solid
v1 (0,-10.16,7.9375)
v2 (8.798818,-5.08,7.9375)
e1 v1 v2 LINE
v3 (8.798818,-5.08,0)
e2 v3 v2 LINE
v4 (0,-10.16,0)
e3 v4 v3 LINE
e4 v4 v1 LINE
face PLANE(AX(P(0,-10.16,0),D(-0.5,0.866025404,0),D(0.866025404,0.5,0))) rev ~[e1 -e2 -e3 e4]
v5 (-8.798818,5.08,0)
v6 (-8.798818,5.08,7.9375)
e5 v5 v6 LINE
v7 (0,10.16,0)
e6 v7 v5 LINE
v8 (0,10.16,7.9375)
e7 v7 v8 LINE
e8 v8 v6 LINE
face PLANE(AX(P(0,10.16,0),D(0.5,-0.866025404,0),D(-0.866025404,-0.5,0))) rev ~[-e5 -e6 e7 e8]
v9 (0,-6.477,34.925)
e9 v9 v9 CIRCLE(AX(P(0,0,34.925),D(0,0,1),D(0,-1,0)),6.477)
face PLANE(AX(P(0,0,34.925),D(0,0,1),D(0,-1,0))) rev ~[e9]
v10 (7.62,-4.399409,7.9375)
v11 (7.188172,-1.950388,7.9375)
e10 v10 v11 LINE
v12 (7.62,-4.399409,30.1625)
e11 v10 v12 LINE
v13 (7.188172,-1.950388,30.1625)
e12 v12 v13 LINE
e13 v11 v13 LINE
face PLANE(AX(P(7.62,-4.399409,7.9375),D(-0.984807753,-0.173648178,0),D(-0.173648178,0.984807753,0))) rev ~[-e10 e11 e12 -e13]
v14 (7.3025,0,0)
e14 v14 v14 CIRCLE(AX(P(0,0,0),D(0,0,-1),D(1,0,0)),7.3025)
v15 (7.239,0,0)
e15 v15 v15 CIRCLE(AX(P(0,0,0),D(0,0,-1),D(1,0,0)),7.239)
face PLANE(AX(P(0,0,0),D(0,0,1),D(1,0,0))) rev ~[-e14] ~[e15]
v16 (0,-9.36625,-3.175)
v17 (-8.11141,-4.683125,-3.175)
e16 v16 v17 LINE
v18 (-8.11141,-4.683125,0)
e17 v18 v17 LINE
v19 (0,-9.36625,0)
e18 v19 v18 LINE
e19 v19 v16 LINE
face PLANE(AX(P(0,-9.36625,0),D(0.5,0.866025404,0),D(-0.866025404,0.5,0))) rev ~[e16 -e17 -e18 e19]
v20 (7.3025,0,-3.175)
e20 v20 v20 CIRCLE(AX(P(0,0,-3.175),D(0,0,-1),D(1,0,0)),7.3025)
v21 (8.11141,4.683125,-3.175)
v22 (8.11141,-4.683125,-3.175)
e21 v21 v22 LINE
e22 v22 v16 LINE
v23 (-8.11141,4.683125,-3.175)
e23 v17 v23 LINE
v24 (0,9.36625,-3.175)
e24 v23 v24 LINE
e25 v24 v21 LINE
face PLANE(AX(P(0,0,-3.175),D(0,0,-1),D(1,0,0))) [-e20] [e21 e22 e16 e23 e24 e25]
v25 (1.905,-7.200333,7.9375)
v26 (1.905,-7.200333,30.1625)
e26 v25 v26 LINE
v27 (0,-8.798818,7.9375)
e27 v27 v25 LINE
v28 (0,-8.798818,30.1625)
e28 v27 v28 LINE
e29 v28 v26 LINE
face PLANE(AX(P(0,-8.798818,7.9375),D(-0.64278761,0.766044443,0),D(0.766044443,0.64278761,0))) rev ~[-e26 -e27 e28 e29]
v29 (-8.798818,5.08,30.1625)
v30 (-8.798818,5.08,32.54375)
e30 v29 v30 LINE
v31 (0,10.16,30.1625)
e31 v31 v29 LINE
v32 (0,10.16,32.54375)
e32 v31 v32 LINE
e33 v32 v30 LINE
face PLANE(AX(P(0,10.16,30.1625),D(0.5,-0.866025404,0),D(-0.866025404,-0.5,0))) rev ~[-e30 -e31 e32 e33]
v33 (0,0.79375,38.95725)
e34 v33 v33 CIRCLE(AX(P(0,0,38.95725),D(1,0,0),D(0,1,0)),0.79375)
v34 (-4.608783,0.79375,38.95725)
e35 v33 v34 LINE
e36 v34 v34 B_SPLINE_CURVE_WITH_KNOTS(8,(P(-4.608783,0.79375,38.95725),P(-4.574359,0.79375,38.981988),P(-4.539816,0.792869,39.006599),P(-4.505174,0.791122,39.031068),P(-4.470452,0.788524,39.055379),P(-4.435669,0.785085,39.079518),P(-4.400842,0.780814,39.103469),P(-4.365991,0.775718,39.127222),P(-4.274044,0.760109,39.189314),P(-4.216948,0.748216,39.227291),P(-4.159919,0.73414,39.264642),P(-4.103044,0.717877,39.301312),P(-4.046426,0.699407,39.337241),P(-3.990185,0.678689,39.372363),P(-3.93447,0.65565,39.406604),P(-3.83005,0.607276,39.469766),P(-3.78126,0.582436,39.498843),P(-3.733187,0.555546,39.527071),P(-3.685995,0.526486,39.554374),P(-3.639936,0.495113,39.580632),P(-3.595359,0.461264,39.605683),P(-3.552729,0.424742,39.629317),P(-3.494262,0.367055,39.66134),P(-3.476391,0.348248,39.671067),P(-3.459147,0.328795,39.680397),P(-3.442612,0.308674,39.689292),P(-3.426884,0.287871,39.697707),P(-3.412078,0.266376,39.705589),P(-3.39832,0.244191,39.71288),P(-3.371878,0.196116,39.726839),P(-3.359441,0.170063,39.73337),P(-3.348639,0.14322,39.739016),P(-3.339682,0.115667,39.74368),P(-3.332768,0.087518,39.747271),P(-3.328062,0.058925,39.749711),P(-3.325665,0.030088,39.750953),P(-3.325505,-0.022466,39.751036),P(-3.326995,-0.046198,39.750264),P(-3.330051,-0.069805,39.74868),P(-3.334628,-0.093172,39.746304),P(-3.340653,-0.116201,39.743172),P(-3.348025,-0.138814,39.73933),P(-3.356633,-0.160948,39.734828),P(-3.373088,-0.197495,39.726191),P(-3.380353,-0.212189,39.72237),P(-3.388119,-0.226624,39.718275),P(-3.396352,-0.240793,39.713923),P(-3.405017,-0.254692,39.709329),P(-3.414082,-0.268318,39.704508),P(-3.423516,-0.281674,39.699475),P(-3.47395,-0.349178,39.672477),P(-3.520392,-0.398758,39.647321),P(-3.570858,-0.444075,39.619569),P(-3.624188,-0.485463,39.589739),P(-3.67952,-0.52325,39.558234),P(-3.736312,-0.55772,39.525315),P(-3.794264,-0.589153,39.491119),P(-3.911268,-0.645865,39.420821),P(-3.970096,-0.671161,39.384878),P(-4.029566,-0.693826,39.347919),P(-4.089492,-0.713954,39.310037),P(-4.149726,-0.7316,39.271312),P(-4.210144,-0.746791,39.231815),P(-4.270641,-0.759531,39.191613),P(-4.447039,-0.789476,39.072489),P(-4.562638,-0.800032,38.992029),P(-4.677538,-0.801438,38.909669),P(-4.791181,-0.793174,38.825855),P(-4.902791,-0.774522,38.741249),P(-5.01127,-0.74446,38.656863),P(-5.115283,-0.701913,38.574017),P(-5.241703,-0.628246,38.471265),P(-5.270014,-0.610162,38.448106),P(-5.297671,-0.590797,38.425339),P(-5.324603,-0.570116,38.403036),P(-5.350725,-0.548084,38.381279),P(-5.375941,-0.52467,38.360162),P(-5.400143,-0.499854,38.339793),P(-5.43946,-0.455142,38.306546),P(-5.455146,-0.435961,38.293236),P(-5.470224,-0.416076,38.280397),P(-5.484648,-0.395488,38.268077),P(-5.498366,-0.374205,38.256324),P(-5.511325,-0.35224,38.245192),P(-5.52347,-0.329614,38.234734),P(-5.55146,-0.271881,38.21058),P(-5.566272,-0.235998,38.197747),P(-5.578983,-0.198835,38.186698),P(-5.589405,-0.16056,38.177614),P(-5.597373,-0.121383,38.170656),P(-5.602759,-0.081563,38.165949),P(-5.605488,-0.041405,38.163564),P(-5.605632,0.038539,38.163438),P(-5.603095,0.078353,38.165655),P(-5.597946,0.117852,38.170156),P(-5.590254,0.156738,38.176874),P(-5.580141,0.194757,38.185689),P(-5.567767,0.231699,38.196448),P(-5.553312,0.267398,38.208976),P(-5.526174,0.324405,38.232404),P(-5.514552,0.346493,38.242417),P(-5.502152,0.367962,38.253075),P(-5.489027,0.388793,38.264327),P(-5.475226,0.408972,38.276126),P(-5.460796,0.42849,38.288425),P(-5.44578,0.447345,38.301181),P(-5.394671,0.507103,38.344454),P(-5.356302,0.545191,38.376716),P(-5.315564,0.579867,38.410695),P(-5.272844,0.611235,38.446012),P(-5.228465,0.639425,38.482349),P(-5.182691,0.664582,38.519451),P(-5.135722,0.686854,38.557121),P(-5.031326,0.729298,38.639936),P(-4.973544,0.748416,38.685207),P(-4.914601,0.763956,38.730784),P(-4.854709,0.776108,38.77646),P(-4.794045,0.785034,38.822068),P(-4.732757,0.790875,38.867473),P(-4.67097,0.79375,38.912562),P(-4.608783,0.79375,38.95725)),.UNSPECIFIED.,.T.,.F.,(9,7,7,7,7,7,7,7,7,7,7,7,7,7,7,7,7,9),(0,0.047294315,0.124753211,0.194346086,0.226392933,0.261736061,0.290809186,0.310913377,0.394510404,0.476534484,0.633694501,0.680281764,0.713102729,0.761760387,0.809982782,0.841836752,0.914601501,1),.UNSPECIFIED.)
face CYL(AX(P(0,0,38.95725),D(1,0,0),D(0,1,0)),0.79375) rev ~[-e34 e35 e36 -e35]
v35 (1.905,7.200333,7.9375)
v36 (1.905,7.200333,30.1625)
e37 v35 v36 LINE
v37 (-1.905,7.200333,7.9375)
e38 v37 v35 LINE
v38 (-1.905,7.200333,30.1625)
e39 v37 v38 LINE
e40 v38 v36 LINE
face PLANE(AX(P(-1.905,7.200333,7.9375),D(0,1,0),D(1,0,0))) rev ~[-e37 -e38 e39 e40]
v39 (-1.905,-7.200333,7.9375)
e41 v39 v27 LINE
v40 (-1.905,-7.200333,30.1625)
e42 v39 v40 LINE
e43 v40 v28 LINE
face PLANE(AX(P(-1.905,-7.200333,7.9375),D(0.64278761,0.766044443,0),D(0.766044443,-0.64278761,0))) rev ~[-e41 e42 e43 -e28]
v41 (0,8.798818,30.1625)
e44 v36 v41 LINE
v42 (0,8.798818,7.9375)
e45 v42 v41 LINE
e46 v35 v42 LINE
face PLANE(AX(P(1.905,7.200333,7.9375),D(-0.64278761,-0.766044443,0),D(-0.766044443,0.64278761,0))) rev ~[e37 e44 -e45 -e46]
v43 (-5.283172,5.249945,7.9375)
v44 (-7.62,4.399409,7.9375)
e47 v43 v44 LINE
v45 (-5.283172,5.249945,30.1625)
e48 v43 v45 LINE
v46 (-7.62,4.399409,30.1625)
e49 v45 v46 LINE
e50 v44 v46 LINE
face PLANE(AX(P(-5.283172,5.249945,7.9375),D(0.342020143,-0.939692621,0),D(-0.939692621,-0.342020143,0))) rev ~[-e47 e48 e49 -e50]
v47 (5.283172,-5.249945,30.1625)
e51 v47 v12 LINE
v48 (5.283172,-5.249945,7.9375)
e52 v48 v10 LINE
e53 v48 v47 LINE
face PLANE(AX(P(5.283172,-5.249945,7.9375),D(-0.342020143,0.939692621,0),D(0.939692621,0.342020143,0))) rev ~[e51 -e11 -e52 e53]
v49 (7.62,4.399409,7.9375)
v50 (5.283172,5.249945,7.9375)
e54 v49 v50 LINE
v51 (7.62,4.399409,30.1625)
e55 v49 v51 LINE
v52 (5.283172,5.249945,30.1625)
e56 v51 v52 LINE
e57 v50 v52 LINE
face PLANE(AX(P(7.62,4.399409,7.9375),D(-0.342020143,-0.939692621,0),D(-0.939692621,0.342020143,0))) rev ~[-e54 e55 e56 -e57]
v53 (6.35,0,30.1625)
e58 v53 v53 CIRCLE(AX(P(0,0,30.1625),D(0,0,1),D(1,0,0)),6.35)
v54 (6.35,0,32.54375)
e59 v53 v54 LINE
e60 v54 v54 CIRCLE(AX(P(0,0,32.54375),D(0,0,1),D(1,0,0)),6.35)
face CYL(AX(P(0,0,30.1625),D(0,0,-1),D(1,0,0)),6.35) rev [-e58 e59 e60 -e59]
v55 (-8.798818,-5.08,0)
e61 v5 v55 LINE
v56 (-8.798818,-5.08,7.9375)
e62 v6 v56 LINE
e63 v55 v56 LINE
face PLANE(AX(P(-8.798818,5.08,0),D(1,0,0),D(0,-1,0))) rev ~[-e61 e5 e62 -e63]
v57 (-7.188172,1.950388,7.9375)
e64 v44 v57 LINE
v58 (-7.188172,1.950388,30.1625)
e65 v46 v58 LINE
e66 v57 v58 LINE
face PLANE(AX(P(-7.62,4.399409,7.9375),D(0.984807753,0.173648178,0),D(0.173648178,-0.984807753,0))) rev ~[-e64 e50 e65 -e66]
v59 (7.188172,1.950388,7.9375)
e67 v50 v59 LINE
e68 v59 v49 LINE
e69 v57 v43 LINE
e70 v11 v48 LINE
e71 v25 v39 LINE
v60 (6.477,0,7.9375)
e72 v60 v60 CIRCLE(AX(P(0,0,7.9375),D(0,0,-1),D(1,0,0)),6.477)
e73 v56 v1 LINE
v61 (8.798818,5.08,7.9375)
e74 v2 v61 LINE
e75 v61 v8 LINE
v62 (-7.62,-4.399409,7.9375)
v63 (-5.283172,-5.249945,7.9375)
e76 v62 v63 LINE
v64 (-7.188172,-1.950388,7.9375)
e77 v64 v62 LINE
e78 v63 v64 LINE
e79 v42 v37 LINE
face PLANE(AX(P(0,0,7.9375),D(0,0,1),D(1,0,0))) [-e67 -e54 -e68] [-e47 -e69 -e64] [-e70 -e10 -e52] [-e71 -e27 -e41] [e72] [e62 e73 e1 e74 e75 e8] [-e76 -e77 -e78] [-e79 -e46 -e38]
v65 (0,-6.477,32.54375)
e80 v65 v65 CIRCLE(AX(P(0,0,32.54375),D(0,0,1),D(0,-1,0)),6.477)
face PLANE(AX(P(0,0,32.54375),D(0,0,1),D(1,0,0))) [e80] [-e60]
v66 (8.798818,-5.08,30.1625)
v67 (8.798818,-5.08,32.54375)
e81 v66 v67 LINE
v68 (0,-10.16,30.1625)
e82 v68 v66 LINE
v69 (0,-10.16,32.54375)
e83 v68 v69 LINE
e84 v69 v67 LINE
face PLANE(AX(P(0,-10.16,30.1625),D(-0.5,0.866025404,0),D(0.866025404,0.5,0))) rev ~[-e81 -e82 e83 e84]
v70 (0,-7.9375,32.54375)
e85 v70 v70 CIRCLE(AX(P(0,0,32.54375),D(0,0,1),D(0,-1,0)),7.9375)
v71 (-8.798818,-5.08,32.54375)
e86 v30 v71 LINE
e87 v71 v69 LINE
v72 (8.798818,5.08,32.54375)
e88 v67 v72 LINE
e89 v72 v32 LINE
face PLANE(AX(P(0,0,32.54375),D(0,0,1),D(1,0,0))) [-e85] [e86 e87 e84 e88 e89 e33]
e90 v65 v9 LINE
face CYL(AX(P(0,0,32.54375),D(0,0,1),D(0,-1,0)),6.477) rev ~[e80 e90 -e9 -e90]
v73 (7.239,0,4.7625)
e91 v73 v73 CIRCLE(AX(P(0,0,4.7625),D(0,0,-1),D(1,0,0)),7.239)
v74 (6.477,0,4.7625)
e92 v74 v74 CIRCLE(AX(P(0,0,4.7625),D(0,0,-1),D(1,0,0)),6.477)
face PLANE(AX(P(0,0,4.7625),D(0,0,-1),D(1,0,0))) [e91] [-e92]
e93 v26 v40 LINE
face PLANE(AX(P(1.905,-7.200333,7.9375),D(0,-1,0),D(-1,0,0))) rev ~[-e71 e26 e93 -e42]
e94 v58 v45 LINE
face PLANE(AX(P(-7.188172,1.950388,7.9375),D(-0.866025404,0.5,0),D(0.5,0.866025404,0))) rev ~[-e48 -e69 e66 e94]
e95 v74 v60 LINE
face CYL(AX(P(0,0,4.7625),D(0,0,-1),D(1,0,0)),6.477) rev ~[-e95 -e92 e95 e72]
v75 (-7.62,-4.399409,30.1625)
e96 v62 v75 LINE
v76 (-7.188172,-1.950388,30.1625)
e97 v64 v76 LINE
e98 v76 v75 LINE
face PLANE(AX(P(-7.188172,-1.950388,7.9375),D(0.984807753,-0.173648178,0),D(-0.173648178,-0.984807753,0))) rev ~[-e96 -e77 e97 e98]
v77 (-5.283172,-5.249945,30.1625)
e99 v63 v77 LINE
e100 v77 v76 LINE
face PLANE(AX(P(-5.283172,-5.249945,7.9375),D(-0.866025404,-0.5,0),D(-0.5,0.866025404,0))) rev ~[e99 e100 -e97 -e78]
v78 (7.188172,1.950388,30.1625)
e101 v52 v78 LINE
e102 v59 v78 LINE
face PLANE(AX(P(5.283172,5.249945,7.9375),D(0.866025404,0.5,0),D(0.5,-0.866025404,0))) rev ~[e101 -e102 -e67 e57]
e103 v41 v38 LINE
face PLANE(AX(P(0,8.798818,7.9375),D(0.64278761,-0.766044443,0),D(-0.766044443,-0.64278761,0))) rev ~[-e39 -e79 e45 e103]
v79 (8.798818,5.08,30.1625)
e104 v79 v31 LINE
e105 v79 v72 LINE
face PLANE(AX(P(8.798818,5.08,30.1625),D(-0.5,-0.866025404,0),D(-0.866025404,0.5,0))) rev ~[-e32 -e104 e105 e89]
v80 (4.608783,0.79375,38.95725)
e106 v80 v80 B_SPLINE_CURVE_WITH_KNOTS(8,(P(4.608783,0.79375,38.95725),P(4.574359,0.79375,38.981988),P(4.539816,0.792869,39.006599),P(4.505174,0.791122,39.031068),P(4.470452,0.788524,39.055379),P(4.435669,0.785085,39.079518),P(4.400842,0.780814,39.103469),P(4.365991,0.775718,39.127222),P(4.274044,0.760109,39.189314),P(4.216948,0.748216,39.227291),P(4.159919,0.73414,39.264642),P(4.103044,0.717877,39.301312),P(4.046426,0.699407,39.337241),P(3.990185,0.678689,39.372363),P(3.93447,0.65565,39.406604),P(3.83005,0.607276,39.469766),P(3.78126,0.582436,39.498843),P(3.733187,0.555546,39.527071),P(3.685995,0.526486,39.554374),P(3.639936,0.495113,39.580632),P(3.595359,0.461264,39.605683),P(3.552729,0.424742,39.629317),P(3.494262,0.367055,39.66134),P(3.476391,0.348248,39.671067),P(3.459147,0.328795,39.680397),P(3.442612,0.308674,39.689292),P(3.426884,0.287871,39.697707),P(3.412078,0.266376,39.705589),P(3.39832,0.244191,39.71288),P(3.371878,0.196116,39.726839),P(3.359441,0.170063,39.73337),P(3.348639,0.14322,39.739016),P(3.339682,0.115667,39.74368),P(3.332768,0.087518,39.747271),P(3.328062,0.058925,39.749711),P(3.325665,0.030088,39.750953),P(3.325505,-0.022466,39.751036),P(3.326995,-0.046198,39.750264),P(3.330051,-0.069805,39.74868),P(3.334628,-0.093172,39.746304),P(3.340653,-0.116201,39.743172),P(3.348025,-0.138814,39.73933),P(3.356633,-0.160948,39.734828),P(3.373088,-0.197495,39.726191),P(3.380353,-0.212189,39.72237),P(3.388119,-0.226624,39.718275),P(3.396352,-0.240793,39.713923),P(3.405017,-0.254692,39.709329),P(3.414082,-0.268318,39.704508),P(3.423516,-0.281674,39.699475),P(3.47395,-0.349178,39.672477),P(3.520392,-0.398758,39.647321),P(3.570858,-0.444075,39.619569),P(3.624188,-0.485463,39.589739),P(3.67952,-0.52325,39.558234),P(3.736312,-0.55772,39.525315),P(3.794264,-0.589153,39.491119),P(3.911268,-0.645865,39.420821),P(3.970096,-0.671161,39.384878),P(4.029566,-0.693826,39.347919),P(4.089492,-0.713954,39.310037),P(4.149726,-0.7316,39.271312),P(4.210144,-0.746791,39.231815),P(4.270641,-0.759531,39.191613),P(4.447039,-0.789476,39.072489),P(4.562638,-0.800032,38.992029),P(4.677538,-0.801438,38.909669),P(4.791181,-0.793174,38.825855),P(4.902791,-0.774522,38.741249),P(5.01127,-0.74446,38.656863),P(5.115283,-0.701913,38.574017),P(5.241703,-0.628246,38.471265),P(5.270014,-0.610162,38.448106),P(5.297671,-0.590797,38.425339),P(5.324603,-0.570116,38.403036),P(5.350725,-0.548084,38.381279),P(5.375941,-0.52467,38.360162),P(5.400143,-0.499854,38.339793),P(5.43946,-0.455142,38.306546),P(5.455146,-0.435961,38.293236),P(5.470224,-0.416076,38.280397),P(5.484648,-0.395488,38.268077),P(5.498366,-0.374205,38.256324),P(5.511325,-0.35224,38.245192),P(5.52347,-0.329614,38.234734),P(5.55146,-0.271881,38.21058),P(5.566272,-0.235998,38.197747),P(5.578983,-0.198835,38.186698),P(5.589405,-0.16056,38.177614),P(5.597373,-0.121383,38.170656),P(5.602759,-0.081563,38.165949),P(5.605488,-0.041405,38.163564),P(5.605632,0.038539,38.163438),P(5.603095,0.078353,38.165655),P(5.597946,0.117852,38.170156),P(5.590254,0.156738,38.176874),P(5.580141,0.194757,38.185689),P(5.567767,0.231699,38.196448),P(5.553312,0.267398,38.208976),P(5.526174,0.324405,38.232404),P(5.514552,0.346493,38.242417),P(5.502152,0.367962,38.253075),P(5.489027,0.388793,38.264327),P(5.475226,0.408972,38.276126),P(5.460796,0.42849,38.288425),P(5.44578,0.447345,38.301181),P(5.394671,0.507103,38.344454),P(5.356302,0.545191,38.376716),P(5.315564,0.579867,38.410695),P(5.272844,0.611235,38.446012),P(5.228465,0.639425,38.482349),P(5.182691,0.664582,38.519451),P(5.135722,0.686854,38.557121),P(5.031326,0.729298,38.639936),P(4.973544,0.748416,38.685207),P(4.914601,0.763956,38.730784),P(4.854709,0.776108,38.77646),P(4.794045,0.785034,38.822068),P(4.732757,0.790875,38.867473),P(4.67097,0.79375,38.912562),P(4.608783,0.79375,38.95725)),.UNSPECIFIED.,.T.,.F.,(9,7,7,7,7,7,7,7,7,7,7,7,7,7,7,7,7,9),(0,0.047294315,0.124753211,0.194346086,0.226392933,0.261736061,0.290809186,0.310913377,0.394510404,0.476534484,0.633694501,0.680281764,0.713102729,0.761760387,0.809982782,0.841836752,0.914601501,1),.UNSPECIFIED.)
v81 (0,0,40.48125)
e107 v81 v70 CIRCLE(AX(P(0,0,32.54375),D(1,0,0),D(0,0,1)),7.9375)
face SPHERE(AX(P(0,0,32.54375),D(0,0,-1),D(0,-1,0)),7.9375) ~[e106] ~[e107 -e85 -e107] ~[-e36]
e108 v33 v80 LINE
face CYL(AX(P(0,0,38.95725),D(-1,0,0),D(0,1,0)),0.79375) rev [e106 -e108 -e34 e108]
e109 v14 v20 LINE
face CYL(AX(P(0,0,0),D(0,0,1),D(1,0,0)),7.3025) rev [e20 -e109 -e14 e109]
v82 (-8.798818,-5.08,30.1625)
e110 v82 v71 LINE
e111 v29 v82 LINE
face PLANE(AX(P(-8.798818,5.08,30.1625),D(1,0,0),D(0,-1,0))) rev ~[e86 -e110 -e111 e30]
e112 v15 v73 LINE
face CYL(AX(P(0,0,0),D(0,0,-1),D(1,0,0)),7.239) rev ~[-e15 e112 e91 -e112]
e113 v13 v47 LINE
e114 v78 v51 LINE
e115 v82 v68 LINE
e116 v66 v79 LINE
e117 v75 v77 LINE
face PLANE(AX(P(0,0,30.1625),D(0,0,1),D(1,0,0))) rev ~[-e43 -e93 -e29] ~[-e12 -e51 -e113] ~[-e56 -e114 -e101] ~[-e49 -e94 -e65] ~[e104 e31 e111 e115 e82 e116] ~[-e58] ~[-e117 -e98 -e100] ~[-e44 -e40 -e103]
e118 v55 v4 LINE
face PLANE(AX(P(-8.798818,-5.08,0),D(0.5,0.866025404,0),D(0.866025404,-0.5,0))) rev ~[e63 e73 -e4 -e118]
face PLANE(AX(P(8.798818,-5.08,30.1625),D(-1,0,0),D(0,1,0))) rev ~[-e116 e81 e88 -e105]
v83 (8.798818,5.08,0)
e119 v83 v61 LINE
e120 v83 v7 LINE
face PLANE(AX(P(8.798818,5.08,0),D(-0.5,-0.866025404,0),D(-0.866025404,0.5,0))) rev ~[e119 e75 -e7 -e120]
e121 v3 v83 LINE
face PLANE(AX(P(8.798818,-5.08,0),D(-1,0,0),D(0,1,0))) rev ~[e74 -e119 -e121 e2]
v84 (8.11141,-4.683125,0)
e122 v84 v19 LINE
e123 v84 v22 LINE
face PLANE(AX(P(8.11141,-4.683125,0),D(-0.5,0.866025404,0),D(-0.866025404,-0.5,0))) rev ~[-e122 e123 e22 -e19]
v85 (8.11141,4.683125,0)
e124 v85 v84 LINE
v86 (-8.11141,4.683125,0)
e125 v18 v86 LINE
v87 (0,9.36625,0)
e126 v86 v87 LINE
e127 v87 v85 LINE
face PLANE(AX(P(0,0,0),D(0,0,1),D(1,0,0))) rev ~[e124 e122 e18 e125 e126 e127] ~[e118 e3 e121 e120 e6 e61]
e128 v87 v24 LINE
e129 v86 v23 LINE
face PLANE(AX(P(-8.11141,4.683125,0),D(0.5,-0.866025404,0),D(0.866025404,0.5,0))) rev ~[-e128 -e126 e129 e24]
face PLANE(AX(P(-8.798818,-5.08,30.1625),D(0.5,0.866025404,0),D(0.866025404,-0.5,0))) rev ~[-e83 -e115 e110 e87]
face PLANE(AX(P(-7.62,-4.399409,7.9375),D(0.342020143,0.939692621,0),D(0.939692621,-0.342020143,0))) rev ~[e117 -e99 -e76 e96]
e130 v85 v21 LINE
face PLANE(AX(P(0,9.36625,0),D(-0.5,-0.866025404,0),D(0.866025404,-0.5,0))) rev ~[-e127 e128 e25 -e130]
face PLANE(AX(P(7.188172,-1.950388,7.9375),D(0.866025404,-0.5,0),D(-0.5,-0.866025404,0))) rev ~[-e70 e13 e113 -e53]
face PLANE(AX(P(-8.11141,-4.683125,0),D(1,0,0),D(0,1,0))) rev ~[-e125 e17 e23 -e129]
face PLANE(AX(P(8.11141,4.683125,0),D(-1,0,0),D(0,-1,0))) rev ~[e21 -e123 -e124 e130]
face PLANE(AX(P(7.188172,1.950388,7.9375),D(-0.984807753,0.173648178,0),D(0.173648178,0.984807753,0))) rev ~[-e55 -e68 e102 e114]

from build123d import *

# Parameters (mm, degrees)
F1_DEPTH       = 7.9375
F3_DEPTH       = 22.225
F4_R           = 6.35
F5_DEPTH       = 2.38125
F8_R           = 7.239
F9_DEPTH       = 4.7625
F10_R          = 6.477
F11_DEPTH      = 3.175
F12_R          = 7.3025
F13_DEPTH      = 3.175
F14_R          = 0.79375
F15_DEPTH      = 8.7998181024
F15_DEPTH_BACK = 8.7998181024


with BuildPart() as f1:
    # F0 (on Top) → F1 (new body)
    with BuildSketch(Plane.XY):
        Polygon((8.7988181024, 5.08), (0, 10.16), (-8.7988181024, 5.08), (-8.7988181024, -5.08), (0, -10.16), (8.7988181024, -5.08), align=None)
    extrude(amount=F1_DEPTH)

    # F2 (on face) → F3 (join)
    with BuildSketch(Plane.XY.offset(7.9375)):
        Polygon((1.905, 7.2003333051), (0, 8.7988181024), (-1.905, 7.2003333051), align=None)
        Polygon((-5.2831715579, 5.2499450467), (-7.62, 4.3994090512), (-7.1881715579, 1.9503882583), align=None)
        Polygon((-7.1881715579, -1.9503882583), (-7.62, -4.3994090512), (-5.2831715579, -5.2499450467), align=None)
        Polygon((-1.905, -7.2003333051), (0, -8.7988181024), (1.905, -7.2003333051), align=None)
        Polygon((5.2831715579, -5.2499450467), (7.62, -4.3994090512), (7.1881715579, -1.9503882583), align=None)
        Polygon((7.1881715579, 1.9503882583), (7.62, 4.3994090512), (5.2831715579, 5.2499450467), align=None)
    extrude(amount=F3_DEPTH)

    # F4 (on face) → F5 (join)
    with BuildSketch(Plane.XY.offset(30.1625)):
        Polygon((8.7988181024, 5.08), (0, 10.16), (-8.7988181024, 5.08), (-8.7988181024, -5.08), (0, -10.16), (8.7988181024, -5.08), align=None)
        Circle(F4_R, mode=Mode.SUBTRACT)
    extrude(amount=F5_DEPTH)

    # F6 (on Right) → F7 (revolve)
    with BuildSketch(Plane.YZ):
        with BuildLine():
            Line((-6.477, 34.925), (0, 34.925))
            Line((0, 34.925), (0, 40.48125))
            ThreePointArc((0, 40.48125), (-5.6126600757, 38.1564100757), (-7.9375, 32.54375))
            Line((-7.9375, 32.54375), (-6.477, 32.54375))
            Line((-6.477, 32.54375), (-6.477, 34.925))
        make_face()
    revolve(axis=Axis((0, 0, 32.54375), (0, 0, 1)))

    # F8 (on face) → F9 (cut)
    with BuildSketch(Plane(origin=(0, 0, 0), x_dir=(1, 0, 0), z_dir=(0, 0, -1))):
        Circle(F8_R)
    extrude(amount=-F9_DEPTH, mode=Mode.SUBTRACT)

    # F10 (on face) → F11 (cut, through all)
    with BuildSketch(Plane(origin=(0, 0, 4.7625), x_dir=(1, 0, 0), z_dir=(0, 0, -1))):
        Circle(F10_R)
    extrude(amount=-F11_DEPTH, mode=Mode.SUBTRACT)

    # F12 (on face) → F13 (join)
    with BuildSketch(Plane(origin=(0, 0, 0), x_dir=(1, 0, 0), z_dir=(0, 0, -1))):
        Polygon((-8.1114104382, -4.683125), (0, -9.36625), (8.1114104382, -4.683125), (8.1114104382, 4.683125), (0, 9.36625), (-8.1114104382, 4.683125), align=None)
        Circle(F12_R, mode=Mode.SUBTRACT)
    extrude(amount=F13_DEPTH)

    # F14 (on Right) → F15 (cut, two sides)
    with BuildSketch(Plane.YZ) as f15_sk:
        with Locations((0, 38.95725)):
            Circle(F14_R)
    extrude(amount=-F15_DEPTH, mode=Mode.SUBTRACT)
    extrude(f15_sk.sketch, amount=F15_DEPTH_BACK, mode=Mode.SUBTRACT)


solid = f1.part
